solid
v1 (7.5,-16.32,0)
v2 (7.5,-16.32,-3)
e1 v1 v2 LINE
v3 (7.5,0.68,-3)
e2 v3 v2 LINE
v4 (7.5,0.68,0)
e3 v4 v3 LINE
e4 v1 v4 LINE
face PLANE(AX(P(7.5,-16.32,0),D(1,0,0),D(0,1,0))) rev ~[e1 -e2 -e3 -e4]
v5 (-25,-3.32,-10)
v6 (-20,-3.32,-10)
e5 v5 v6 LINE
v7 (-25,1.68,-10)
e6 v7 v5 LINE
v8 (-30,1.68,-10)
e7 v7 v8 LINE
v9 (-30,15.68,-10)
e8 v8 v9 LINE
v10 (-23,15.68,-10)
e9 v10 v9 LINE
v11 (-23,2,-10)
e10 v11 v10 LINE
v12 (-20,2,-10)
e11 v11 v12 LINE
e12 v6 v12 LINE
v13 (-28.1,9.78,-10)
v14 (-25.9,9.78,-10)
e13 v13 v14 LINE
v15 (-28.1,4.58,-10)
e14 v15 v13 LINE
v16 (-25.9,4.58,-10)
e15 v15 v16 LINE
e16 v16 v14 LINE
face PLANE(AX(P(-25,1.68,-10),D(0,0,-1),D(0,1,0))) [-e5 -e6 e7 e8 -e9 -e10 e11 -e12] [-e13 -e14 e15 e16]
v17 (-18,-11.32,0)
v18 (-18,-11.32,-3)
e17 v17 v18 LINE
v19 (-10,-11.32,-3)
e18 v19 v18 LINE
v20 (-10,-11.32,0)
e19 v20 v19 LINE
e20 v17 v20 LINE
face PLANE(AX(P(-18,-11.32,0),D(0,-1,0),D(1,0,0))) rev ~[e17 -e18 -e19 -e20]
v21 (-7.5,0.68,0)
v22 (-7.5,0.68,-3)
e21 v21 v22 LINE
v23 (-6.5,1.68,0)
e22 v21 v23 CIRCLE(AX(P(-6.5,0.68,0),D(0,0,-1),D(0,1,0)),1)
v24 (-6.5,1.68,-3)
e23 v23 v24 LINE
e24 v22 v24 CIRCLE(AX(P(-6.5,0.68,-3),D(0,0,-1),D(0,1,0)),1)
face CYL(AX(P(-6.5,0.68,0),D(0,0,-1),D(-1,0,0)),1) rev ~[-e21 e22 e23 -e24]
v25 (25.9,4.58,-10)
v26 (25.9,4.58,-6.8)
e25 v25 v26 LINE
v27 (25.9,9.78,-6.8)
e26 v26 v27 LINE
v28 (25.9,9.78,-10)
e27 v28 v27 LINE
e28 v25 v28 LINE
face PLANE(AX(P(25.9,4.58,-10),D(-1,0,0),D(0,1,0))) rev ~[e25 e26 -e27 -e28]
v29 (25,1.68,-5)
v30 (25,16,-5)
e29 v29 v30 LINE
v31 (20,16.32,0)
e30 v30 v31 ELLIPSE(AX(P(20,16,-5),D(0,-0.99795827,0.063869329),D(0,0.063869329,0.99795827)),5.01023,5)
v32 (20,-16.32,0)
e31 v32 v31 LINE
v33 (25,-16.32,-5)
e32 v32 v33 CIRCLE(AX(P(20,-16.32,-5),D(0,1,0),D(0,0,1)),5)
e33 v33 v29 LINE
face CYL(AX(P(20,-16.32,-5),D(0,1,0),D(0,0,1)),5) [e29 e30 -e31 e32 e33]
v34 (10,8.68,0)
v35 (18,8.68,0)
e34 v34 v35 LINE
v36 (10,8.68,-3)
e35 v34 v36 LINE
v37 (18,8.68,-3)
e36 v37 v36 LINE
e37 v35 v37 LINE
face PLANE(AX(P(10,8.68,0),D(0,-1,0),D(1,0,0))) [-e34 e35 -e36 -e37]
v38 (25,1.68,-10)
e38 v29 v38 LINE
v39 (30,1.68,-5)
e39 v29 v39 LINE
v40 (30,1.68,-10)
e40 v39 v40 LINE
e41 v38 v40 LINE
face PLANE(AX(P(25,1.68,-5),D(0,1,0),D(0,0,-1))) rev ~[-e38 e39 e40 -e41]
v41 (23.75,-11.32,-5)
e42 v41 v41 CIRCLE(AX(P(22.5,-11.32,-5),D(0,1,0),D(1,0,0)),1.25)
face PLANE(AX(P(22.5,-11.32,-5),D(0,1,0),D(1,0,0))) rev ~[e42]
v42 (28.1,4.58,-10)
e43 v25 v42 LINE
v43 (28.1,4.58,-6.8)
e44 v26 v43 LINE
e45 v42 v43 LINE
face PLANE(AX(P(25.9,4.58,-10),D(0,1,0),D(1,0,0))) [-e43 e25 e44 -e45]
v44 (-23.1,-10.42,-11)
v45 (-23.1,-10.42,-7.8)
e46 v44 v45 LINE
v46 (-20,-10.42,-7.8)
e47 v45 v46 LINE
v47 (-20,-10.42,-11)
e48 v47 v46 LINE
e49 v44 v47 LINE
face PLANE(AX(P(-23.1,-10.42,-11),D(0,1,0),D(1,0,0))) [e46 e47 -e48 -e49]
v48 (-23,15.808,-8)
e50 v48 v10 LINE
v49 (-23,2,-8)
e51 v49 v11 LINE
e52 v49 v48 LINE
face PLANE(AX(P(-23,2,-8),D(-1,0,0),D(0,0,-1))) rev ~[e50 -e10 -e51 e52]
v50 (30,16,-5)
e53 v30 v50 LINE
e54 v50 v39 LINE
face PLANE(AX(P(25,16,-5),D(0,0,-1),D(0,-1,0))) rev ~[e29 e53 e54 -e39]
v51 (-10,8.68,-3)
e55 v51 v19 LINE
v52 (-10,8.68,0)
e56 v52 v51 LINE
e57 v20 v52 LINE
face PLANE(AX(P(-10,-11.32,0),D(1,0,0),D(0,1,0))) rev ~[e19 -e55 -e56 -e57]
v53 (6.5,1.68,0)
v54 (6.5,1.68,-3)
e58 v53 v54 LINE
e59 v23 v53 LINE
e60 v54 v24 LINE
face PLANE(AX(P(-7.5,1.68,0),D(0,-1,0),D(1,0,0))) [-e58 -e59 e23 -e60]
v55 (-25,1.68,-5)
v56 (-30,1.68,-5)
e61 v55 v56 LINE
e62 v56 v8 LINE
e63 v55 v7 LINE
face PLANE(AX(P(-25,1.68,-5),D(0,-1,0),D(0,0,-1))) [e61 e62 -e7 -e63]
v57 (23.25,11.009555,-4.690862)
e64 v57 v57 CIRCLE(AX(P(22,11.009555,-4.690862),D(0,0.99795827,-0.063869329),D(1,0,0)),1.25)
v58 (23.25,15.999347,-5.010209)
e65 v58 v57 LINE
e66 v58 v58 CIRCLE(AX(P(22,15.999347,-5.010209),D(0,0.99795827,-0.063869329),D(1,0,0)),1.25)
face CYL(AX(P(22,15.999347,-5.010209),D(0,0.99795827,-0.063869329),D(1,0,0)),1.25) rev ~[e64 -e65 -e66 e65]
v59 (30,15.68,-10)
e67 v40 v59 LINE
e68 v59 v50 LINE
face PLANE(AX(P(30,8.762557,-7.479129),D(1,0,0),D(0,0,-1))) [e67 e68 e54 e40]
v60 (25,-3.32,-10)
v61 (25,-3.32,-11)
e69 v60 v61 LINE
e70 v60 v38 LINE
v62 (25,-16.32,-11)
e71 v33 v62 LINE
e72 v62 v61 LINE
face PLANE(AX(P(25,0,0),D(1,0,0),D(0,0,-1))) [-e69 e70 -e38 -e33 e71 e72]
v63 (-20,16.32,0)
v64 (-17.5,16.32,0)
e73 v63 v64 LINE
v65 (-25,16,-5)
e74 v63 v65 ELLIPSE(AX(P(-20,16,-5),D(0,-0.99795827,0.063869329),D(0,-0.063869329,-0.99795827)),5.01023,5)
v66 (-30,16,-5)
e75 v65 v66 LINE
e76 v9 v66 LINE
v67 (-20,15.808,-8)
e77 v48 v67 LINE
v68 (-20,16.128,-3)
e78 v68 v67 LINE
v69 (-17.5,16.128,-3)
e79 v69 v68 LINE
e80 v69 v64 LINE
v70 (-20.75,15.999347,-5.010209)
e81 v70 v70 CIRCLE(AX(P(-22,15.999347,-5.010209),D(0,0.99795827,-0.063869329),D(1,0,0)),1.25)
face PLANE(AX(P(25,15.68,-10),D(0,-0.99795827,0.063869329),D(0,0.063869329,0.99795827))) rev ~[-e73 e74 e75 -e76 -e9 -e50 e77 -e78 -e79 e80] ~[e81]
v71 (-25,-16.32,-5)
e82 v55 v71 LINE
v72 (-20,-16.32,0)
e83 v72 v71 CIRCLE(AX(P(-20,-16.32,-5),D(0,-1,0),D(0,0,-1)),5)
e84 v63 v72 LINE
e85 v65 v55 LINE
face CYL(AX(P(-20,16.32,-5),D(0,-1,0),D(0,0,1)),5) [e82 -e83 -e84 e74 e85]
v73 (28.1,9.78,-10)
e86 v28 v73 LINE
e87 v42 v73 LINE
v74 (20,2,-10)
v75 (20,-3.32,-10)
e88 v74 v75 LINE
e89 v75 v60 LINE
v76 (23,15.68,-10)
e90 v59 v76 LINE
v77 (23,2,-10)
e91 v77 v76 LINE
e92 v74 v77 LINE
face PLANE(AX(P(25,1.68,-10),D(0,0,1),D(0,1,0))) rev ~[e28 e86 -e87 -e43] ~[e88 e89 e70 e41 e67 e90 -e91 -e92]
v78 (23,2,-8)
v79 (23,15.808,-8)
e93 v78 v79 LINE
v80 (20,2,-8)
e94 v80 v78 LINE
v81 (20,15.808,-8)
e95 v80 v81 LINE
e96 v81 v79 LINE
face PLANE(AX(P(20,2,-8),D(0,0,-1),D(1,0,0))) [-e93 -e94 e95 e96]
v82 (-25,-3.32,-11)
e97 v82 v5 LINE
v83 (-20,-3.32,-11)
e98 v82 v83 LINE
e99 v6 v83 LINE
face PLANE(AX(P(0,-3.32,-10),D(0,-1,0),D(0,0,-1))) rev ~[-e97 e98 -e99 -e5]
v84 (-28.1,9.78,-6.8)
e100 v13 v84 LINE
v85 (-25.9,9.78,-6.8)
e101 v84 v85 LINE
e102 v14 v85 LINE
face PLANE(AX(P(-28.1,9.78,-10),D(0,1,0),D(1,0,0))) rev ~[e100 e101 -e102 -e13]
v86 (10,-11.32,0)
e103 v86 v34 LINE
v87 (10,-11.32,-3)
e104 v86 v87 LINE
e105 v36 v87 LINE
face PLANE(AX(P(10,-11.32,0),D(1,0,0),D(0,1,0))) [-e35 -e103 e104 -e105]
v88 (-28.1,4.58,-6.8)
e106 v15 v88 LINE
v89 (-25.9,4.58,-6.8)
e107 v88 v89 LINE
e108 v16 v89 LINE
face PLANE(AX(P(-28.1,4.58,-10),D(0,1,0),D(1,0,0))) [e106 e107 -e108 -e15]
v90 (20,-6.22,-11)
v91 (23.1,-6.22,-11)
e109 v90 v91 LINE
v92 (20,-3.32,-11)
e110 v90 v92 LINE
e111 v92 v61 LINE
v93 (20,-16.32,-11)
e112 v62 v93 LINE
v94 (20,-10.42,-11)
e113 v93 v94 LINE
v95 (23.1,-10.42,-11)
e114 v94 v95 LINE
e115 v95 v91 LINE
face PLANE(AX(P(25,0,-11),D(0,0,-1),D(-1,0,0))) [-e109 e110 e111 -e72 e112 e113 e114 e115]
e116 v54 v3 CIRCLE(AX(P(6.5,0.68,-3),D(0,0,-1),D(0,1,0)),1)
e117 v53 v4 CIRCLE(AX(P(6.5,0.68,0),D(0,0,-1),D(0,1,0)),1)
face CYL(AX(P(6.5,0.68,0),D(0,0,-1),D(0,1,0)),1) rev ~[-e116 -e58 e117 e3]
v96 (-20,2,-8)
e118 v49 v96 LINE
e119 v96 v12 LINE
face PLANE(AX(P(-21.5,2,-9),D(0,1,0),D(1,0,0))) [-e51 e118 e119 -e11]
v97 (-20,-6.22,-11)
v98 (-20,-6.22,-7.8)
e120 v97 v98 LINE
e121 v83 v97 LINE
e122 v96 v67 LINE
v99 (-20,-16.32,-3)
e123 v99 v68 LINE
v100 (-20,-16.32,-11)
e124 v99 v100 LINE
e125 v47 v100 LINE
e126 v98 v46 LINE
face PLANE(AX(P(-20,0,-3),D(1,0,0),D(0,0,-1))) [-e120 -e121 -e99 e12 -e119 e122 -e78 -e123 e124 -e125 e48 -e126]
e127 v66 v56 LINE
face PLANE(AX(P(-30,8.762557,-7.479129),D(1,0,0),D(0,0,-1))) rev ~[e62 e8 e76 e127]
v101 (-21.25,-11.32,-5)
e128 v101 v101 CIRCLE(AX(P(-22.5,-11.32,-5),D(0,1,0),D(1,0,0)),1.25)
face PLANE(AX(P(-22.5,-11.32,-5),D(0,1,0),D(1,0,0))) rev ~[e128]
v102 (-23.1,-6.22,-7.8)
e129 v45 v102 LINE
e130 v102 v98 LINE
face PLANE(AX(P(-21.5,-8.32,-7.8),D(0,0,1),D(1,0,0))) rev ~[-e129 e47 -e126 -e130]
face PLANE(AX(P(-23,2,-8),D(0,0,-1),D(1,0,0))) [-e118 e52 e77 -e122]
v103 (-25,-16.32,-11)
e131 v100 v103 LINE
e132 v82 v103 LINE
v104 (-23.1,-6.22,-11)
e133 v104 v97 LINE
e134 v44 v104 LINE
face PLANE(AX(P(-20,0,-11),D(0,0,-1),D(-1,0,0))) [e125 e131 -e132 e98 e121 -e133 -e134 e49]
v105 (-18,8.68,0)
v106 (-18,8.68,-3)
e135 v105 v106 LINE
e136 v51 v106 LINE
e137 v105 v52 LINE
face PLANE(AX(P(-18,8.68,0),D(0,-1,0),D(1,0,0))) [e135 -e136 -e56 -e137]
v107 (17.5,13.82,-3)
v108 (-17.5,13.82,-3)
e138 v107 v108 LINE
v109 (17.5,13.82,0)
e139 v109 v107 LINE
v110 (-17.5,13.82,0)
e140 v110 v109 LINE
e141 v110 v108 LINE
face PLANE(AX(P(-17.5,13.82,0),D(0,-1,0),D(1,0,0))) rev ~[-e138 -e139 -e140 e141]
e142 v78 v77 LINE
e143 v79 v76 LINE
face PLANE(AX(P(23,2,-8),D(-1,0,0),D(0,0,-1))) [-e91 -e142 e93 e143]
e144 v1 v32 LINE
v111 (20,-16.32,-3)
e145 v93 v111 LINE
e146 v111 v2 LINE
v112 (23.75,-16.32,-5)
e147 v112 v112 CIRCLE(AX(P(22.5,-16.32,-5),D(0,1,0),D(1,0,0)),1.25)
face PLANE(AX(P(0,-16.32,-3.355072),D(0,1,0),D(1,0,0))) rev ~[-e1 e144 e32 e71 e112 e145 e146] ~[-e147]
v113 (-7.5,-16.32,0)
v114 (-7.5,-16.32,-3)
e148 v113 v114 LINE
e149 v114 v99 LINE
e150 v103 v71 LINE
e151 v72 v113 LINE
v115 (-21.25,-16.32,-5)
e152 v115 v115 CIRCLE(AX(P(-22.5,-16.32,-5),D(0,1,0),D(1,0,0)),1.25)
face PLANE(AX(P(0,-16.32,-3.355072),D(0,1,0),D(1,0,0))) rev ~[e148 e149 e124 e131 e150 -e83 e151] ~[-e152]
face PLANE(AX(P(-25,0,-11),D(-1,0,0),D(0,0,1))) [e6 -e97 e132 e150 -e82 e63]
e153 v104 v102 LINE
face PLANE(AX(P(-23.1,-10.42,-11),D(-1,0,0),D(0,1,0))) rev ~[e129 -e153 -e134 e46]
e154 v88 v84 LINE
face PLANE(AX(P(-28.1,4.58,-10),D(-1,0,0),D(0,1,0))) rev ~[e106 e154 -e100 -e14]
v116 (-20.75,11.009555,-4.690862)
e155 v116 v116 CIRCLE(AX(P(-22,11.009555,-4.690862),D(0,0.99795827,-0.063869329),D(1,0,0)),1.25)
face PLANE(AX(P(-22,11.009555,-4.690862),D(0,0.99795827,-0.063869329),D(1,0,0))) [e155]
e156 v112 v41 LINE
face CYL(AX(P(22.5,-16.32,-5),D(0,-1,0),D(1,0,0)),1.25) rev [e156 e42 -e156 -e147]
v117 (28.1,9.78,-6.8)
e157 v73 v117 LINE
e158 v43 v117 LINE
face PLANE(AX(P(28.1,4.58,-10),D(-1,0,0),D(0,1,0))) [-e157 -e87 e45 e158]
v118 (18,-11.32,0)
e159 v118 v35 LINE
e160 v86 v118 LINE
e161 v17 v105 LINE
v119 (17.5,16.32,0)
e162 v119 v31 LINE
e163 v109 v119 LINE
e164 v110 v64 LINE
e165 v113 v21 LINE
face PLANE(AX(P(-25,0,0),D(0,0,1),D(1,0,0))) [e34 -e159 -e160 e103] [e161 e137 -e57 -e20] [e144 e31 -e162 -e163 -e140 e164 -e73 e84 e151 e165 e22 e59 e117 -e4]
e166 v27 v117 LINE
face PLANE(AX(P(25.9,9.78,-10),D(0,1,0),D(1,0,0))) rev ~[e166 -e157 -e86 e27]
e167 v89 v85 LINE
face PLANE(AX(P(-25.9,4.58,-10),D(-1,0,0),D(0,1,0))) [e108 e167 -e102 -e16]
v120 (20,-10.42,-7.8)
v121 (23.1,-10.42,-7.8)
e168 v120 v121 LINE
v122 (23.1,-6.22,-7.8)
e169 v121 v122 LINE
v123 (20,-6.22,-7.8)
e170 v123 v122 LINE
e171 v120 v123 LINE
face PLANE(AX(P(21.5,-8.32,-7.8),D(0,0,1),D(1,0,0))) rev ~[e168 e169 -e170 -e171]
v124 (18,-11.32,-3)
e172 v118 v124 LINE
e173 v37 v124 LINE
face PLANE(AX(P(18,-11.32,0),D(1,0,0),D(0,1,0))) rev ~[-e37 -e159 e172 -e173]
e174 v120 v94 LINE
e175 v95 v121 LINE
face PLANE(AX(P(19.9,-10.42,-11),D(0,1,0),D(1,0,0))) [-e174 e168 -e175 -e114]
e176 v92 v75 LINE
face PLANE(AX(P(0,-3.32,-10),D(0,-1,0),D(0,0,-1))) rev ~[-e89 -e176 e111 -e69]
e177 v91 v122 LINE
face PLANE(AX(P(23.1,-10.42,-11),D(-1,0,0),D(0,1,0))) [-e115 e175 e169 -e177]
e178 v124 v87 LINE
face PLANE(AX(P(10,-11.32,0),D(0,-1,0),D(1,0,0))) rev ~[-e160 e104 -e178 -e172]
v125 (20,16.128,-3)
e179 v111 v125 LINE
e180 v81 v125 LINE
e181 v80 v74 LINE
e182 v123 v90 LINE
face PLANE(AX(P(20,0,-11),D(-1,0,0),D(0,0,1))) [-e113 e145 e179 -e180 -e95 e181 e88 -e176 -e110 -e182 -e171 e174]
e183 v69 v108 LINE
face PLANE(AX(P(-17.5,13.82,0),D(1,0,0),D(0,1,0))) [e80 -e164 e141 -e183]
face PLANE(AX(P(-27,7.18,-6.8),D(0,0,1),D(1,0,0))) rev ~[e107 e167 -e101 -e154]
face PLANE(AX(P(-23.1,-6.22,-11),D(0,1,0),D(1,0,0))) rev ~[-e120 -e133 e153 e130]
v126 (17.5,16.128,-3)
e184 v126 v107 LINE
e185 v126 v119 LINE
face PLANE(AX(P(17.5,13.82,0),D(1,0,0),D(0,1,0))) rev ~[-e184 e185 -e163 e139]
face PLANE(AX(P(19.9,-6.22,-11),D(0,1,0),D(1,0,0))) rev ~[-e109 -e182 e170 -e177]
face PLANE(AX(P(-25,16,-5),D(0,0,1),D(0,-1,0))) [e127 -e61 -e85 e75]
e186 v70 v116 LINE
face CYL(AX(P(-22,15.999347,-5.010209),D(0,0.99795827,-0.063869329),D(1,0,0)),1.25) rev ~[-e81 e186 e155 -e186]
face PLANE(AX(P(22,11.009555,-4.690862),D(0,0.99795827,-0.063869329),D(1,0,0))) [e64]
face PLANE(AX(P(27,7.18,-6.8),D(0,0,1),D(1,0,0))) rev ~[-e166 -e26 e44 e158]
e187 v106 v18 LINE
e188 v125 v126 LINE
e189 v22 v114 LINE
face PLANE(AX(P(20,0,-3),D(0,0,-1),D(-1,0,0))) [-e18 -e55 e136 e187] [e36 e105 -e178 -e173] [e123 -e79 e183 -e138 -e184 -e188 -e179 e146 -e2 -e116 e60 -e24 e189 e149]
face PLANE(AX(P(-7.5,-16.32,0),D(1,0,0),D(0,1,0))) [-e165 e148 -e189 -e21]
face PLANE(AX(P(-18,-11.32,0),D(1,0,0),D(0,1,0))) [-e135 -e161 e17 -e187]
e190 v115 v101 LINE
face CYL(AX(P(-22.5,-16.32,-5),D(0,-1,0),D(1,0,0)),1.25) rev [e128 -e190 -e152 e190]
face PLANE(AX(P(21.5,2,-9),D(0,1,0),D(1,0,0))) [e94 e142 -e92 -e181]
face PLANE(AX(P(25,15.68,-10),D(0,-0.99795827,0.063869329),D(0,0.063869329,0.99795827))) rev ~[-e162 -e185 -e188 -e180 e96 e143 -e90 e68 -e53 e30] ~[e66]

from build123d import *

# Parameters (mm, degrees)
BOSS_EXTRUDE1_DEPTH = 16.32
SKETCH3_W           = 8
SKETCH3_H           = 20
SKETCH3_W_2         = 15
SKETCH3_H_2         = 18
CUT_EXTRUDE1_DEPTH  = 4
SKETCH4_W           = 1
SKETCH4_H           = 19.64
CUT_EXTRUDE2_DEPTH  = 27.5
FILLET1_R           = 5
CUT_EXTRUDE3_DEPTH  = 26
BOSS_EXTRUDE2_START = -25
BOSS_EXTRUDE2_DEPTH = 5
BOSS_EXTRUDE3_START = 25
BOSS_EXTRUDE3_DEPTH = 5
SKETCH7_R           = 1.25
CUT_EXTRUDE4_DEPTH  = 5
SKETCH8_W           = 35
SKETCH8_H           = 5
CUT_EXTRUDE5_DEPTH  = 5
CUT_EXTRUDE6_START  = -10
SKETCH9_W           = 2.2
SKETCH9_H           = 5.2
CUT_EXTRUDE6_DEPTH  = 3.2
CUT_EXTRUDE7_START  = -16.32
SKETCH10_R          = 1.25
CUT_EXTRUDE7_DEPTH  = 5
CUT_EXTRUDE8_START  = -11
SKETCH11_W          = 3.2
SKETCH11_H          = 4.2
CUT_EXTRUDE8_DEPTH  = 3.2
CUT_EXTRUDE9_START  = 2
SKETCH12_W          = 3
SKETCH12_H          = 2
CUT_EXTRUDE9_DEPTH  = 15
FILLET3_R           = 1


with BuildPart() as part:
    # Sketch2 → Boss-Extrude1 (new body, symmetric)
    with BuildSketch(Plane(origin=(0, 0, 0), x_dir=(1, 0, 0), z_dir=(0, 1, 0))):
        Polygon((-25, 0), (25, 0), (25, 11), (20, 11), (20, 3), (-20, 3), (-20, 11), (-25, 11), align=None)
    extrude(amount=BOSS_EXTRUDE1_DEPTH, both=True)

    # Sketch3 → Cut-Extrude1 (cut)
    with BuildSketch(Plane.XY):
        with Locations((14, -1.32)):
            Rectangle(SKETCH3_W, SKETCH3_H)
        with Locations((-14, -1.32)):
            Rectangle(SKETCH3_W, SKETCH3_H)
        with Locations((0, -7.32)):
            Rectangle(SKETCH3_W_2, SKETCH3_H_2)
    extrude(amount=-CUT_EXTRUDE1_DEPTH, mode=Mode.SUBTRACT)

    # Sketch4 → Cut-Extrude2 (cut, symmetric)
    with BuildSketch(Plane(origin=(0, 0, 0), x_dir=(0, 0, -1), z_dir=(1, 0, 0))):
        with Locations((10.5, 6.5)):
            Rectangle(SKETCH4_W, SKETCH4_H)
    extrude(amount=CUT_EXTRUDE2_DEPTH, both=True, mode=Mode.SUBTRACT)

    # Fillet1
    fillet1_edges = [part.edges().sort_by_distance(p)[0] for p in [
        (25, 0, 0),
        (-25, 0, 0),
    ]]
    fillet(fillet1_edges, radius=FILLET1_R)

    # Sketch5 → Cut-Extrude3 (cut, symmetric)
    with BuildSketch(Plane(origin=(0, 0, 0), x_dir=(0, 0, -1), z_dir=(1, 0, 0))):
        Polygon((10, 16.32), (0, 16.32), (10, 15.68), align=None)
    extrude(amount=CUT_EXTRUDE3_DEPTH, both=True, mode=Mode.SUBTRACT)

    # Sketch6 → Boss-Extrude2 (add)
    with BuildSketch(Plane(origin=(0, 0, 0), x_dir=(0, 0, -1), z_dir=(1, 0, 0)).offset(BOSS_EXTRUDE2_START)):
        Polygon((10, 15.68), (5, 16), (5, 1.68), (10, 1.68), align=None)
    extrude(amount=-BOSS_EXTRUDE2_DEPTH)

    # Sketch6<2> → Boss-Extrude3 (add)
    with BuildSketch(Plane(origin=(0, 0, 0), x_dir=(0, 0, -1), z_dir=(1, 0, 0)).offset(BOSS_EXTRUDE3_START)):
        Polygon((10, 15.68), (5, 16), (5, 1.68), (10, 1.68), align=None)
    extrude(amount=BOSS_EXTRUDE3_DEPTH)

    # Sketch7 → Cut-Extrude4 (cut)
    with BuildSketch(Plane(origin=(0, 16.253425967, -1.040219262), x_dir=(1, 0, 0), z_dir=(0, 0.99795827, -0.063869329))):
        with Locations((22, 3.978111617)):
            Circle(SKETCH7_R)
        with Locations((-22, 3.978111617)):
            Circle(SKETCH7_R)
    extrude(amount=-CUT_EXTRUDE4_DEPTH, mode=Mode.SUBTRACT)

    # Sketch8 → Cut-Extrude5 (cut)
    with BuildSketch(Plane.XY):
        with Locations((0, 16.32)):
            Rectangle(SKETCH8_W, SKETCH8_H)
    extrude(amount=-CUT_EXTRUDE5_DEPTH, mode=Mode.SUBTRACT)

    # Sketch9 → Cut-Extrude6 (cut)
    with BuildSketch(Plane.XY.offset(CUT_EXTRUDE6_START)):
        with Locations((-27, 7.18)):
            Rectangle(SKETCH9_W, SKETCH9_H)
        with Locations((27, 7.18)):
            Rectangle(SKETCH9_W, SKETCH9_H)
    extrude(amount=CUT_EXTRUDE6_DEPTH, mode=Mode.SUBTRACT)

    # Sketch10 → Cut-Extrude7 (cut)
    with BuildSketch(Plane(origin=(0, 0, 0), x_dir=(1, 0, 0), z_dir=(0, 1, 0)).offset(CUT_EXTRUDE7_START)):
        with Locations((-22.5, 5)):
            Circle(SKETCH10_R)
        with Locations((22.5, 5)):
            Circle(SKETCH10_R)
    extrude(amount=CUT_EXTRUDE7_DEPTH, mode=Mode.SUBTRACT)

    # Sketch11 → Cut-Extrude8 (cut)
    with BuildSketch(Plane.XY.offset(CUT_EXTRUDE8_START)):
        with Locations((21.5, -8.32)):
            Rectangle(SKETCH11_W, SKETCH11_H)
        with Locations((-21.5, -8.32)):
            Rectangle(SKETCH11_W, SKETCH11_H)
    extrude(amount=CUT_EXTRUDE8_DEPTH, mode=Mode.SUBTRACT)

    # Sketch12 → Cut-Extrude9 (cut)
    with BuildSketch(Plane(origin=(0, 0, 0), x_dir=(1, 0, 0), z_dir=(0, 1, 0)).offset(CUT_EXTRUDE9_START)):
        with Locations((21.5, 9)):
            Rectangle(SKETCH12_W, SKETCH12_H)
        with Locations((-21.5, 9)):
            Rectangle(SKETCH12_W, SKETCH12_H)
    extrude(amount=CUT_EXTRUDE9_DEPTH, mode=Mode.SUBTRACT)

    # Fillet3
    fillet3_edges = [part.edges().sort_by_distance(p)[0] for p in [
        (-7.5, 1.68, -1.5),
        (7.5, 1.68, -1.5),
    ]]
    fillet(fillet3_edges, radius=FILLET3_R)


solid = part.part
